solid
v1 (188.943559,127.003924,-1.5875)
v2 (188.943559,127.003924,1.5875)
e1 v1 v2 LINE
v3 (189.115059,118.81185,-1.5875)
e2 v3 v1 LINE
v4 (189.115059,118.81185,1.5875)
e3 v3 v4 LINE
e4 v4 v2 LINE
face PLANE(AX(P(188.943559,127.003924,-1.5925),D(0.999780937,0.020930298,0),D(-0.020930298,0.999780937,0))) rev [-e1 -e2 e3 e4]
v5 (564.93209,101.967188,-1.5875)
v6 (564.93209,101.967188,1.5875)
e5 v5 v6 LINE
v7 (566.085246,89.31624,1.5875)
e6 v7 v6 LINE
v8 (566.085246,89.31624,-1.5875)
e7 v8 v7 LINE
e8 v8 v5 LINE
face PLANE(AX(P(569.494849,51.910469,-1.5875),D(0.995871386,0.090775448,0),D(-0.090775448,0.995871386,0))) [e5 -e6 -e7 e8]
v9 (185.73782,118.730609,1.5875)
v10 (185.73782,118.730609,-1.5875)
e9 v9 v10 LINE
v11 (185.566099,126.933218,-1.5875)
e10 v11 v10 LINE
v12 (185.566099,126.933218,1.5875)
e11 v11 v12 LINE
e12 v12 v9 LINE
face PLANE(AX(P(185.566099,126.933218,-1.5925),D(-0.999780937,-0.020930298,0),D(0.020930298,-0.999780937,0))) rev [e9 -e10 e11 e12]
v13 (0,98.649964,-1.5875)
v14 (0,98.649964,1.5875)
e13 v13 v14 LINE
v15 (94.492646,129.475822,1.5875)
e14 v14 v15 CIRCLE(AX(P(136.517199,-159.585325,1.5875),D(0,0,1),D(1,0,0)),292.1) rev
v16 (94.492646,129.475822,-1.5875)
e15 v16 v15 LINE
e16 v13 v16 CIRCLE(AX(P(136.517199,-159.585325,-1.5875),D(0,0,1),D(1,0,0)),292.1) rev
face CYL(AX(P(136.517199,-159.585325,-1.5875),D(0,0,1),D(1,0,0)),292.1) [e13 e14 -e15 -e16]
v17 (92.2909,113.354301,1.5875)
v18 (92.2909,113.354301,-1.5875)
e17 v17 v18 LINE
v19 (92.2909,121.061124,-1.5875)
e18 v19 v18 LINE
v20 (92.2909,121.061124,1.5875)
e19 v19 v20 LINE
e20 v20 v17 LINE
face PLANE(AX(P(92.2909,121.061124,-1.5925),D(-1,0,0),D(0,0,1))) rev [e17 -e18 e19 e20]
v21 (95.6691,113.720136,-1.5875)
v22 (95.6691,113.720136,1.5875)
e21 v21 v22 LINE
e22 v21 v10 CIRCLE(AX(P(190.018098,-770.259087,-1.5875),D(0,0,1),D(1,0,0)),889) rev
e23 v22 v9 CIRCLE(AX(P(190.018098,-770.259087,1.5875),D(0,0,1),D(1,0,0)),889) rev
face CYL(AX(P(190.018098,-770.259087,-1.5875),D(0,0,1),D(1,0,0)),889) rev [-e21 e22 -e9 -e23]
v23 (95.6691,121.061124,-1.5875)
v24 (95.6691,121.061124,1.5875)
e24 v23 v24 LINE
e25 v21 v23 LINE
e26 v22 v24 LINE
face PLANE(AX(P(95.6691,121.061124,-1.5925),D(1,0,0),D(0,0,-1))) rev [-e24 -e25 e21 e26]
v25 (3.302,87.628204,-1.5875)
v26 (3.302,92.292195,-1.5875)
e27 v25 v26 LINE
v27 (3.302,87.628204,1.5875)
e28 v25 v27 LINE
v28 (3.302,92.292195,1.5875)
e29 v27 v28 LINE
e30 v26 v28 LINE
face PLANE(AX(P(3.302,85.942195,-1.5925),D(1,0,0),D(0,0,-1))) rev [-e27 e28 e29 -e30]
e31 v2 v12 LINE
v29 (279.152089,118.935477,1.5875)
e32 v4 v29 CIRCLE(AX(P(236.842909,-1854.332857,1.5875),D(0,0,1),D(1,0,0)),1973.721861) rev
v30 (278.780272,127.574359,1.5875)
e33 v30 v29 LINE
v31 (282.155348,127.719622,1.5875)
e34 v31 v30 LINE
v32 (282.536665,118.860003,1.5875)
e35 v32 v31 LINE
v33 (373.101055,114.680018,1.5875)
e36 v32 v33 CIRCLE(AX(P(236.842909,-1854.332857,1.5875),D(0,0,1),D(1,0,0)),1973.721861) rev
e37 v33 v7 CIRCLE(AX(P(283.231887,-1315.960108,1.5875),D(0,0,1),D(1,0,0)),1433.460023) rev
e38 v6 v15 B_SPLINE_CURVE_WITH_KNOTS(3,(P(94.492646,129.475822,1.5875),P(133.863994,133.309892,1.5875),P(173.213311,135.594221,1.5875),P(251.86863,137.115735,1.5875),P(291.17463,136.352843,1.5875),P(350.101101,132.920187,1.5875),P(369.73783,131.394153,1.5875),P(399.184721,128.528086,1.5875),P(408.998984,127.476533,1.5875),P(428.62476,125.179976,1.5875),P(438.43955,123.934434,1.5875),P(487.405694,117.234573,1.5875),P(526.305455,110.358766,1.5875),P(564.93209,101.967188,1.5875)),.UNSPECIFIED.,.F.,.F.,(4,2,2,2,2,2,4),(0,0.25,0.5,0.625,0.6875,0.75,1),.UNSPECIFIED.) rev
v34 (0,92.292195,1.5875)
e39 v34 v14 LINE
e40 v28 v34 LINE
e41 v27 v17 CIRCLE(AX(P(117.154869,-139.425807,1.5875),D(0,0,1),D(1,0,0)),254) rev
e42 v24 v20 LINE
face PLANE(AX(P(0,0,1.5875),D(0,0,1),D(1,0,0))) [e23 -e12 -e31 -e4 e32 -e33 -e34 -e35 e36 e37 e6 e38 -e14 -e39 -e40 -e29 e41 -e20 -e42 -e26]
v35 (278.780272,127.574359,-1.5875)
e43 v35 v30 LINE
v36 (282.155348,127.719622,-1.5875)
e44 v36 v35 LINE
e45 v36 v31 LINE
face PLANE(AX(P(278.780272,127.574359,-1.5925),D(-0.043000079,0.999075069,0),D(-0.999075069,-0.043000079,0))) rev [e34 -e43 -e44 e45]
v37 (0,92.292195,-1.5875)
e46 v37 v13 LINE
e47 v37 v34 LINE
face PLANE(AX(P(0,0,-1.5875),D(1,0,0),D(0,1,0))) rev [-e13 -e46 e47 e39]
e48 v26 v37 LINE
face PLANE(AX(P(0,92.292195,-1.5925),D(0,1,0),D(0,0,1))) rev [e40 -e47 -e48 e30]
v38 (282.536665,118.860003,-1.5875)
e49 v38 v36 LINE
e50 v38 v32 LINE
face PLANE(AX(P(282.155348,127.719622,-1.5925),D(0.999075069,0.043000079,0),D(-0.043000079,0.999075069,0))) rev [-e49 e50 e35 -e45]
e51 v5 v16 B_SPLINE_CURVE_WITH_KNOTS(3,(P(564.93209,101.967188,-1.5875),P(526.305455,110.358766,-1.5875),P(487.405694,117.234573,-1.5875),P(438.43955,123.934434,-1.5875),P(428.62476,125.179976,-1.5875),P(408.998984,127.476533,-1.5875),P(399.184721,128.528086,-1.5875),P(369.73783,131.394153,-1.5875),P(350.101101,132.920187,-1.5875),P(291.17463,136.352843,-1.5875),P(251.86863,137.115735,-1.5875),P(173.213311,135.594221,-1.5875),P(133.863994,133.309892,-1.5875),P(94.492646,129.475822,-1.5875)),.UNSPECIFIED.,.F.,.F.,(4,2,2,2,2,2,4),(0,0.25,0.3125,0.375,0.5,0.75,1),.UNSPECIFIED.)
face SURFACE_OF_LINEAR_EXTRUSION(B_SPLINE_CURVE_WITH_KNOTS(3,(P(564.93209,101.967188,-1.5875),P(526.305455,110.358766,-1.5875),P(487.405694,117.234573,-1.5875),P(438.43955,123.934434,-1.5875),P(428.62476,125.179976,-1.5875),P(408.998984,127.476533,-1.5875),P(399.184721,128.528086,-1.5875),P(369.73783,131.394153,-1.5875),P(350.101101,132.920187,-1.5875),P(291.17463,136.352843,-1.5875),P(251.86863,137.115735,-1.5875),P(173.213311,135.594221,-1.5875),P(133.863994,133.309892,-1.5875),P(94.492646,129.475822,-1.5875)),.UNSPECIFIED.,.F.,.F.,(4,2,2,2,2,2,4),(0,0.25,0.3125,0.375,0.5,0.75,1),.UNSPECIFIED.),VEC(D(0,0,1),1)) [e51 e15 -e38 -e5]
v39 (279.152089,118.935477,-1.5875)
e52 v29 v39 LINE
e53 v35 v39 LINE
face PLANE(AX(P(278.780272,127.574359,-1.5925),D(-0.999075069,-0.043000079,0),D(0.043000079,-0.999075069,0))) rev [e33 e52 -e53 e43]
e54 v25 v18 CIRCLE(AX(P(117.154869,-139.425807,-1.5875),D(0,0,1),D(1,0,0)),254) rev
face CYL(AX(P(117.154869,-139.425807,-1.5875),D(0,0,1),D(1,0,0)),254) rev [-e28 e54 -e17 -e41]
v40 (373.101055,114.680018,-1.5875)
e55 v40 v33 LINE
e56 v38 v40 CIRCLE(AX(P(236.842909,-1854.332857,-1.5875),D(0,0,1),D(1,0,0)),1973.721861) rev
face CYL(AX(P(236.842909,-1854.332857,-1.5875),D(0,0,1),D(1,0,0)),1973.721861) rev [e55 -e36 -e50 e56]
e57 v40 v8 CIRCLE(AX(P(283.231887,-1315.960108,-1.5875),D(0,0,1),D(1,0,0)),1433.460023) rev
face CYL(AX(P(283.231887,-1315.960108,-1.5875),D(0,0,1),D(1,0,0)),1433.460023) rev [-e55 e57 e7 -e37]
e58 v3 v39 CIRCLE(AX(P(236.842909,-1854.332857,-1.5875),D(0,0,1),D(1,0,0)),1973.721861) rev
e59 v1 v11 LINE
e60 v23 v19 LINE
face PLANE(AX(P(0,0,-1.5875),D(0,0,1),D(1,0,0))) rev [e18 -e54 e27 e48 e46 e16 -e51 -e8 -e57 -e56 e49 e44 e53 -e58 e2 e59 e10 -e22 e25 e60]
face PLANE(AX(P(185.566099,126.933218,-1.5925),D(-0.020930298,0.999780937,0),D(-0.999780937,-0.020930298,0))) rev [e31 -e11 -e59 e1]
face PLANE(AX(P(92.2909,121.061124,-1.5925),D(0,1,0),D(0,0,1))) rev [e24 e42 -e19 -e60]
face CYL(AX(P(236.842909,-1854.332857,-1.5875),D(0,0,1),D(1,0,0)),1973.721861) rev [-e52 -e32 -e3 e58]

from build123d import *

# Parameters (mm, degrees)
BOSS_EXTRUDE1_DEPTH = 1.5875
SKETCH2_W           = 3.302
SKETCH2_H           = 6.35
SKETCH2_W_2         = 3.3782
SKETCH2_H_2         = 12.7
CUT_EXTRUDE1_DEPTH  = 583.351295045


with BuildPart() as part:
    # Sketch1 → Boss-Extrude1 (new, symmetric)
    with BuildSketch(Plane.XY):
        with BuildLine():
            Line((0, 98.649963947), (0, 85.942195343))
            ThreePointArc((0, 85.942195343), (44.883725347, 104.075489893), (92.3925, 113.364273632))
            ThreePointArc((92.3925, 113.364273632), (139.073495573, 117.280009783), (185.895946704, 118.731356536))
            ThreePointArc((185.895946704, 118.731356536), (279.546572247, 118.926979108), (373.101055052, 114.680017829))
            ThreePointArc((373.101055052, 114.680017829), (470.024153779, 105.277481614), (566.085246422, 89.316239979))
            Line((566.085246422, 89.316239979), (564.932089986, 101.967188211))
            add(Edge.make_bspline(
                [(564.932089986, 101.967188211), (526.305455218, 110.358765648), (487.405693808, 117.234573225), (438.439550099, 123.934433666), (428.624759847, 125.179975832), (408.998984047, 127.476532586), (399.18472115, 128.528085596), (369.737829992, 131.394153114), (350.101100844, 132.920187183), (291.174630327, 136.352842591), (251.868630305, 137.115735014), (173.213311456, 135.594221207), (133.863993721, 133.309891798), (94.492645692, 129.475822378)],
                knots=[0, 0, 0, 0, 0.25, 0.25, 0.3125, 0.3125, 0.375, 0.375, 0.5, 0.5, 0.75, 0.75, 1, 1, 1, 1], degree=3))
            ThreePointArc((94.492645692, 129.475822378), (45.925545315, 118.111564298), (0, 98.649963947))
        make_face()
    extrude(amount=BOSS_EXTRUDE1_DEPTH, both=True)

    # Sketch2 → Cut-Extrude1 (cut, through all)
    with BuildSketch(Plane.XY.offset(1.5875)):
        with Locations((1.651, 89.117195343)):
            Rectangle(SKETCH2_W, SKETCH2_H)
        with Locations((93.98, 114.711123803)):
            Rectangle(SKETCH2_W_2, SKETCH2_H_2)
        Polygon((185.566099292, 126.933217537), (188.943559255, 127.003924269), (189.209374036, 114.306706365), (185.831914074, 114.235999633), align=None)
        Polygon((278.780272456, 127.574359039), (282.155347854, 127.719621905), (282.701448855, 115.031368531), (279.326373458, 114.886105664), align=None)
    extrude(amount=-CUT_EXTRUDE1_DEPTH, mode=Mode.SUBTRACT)


solid = part.part
